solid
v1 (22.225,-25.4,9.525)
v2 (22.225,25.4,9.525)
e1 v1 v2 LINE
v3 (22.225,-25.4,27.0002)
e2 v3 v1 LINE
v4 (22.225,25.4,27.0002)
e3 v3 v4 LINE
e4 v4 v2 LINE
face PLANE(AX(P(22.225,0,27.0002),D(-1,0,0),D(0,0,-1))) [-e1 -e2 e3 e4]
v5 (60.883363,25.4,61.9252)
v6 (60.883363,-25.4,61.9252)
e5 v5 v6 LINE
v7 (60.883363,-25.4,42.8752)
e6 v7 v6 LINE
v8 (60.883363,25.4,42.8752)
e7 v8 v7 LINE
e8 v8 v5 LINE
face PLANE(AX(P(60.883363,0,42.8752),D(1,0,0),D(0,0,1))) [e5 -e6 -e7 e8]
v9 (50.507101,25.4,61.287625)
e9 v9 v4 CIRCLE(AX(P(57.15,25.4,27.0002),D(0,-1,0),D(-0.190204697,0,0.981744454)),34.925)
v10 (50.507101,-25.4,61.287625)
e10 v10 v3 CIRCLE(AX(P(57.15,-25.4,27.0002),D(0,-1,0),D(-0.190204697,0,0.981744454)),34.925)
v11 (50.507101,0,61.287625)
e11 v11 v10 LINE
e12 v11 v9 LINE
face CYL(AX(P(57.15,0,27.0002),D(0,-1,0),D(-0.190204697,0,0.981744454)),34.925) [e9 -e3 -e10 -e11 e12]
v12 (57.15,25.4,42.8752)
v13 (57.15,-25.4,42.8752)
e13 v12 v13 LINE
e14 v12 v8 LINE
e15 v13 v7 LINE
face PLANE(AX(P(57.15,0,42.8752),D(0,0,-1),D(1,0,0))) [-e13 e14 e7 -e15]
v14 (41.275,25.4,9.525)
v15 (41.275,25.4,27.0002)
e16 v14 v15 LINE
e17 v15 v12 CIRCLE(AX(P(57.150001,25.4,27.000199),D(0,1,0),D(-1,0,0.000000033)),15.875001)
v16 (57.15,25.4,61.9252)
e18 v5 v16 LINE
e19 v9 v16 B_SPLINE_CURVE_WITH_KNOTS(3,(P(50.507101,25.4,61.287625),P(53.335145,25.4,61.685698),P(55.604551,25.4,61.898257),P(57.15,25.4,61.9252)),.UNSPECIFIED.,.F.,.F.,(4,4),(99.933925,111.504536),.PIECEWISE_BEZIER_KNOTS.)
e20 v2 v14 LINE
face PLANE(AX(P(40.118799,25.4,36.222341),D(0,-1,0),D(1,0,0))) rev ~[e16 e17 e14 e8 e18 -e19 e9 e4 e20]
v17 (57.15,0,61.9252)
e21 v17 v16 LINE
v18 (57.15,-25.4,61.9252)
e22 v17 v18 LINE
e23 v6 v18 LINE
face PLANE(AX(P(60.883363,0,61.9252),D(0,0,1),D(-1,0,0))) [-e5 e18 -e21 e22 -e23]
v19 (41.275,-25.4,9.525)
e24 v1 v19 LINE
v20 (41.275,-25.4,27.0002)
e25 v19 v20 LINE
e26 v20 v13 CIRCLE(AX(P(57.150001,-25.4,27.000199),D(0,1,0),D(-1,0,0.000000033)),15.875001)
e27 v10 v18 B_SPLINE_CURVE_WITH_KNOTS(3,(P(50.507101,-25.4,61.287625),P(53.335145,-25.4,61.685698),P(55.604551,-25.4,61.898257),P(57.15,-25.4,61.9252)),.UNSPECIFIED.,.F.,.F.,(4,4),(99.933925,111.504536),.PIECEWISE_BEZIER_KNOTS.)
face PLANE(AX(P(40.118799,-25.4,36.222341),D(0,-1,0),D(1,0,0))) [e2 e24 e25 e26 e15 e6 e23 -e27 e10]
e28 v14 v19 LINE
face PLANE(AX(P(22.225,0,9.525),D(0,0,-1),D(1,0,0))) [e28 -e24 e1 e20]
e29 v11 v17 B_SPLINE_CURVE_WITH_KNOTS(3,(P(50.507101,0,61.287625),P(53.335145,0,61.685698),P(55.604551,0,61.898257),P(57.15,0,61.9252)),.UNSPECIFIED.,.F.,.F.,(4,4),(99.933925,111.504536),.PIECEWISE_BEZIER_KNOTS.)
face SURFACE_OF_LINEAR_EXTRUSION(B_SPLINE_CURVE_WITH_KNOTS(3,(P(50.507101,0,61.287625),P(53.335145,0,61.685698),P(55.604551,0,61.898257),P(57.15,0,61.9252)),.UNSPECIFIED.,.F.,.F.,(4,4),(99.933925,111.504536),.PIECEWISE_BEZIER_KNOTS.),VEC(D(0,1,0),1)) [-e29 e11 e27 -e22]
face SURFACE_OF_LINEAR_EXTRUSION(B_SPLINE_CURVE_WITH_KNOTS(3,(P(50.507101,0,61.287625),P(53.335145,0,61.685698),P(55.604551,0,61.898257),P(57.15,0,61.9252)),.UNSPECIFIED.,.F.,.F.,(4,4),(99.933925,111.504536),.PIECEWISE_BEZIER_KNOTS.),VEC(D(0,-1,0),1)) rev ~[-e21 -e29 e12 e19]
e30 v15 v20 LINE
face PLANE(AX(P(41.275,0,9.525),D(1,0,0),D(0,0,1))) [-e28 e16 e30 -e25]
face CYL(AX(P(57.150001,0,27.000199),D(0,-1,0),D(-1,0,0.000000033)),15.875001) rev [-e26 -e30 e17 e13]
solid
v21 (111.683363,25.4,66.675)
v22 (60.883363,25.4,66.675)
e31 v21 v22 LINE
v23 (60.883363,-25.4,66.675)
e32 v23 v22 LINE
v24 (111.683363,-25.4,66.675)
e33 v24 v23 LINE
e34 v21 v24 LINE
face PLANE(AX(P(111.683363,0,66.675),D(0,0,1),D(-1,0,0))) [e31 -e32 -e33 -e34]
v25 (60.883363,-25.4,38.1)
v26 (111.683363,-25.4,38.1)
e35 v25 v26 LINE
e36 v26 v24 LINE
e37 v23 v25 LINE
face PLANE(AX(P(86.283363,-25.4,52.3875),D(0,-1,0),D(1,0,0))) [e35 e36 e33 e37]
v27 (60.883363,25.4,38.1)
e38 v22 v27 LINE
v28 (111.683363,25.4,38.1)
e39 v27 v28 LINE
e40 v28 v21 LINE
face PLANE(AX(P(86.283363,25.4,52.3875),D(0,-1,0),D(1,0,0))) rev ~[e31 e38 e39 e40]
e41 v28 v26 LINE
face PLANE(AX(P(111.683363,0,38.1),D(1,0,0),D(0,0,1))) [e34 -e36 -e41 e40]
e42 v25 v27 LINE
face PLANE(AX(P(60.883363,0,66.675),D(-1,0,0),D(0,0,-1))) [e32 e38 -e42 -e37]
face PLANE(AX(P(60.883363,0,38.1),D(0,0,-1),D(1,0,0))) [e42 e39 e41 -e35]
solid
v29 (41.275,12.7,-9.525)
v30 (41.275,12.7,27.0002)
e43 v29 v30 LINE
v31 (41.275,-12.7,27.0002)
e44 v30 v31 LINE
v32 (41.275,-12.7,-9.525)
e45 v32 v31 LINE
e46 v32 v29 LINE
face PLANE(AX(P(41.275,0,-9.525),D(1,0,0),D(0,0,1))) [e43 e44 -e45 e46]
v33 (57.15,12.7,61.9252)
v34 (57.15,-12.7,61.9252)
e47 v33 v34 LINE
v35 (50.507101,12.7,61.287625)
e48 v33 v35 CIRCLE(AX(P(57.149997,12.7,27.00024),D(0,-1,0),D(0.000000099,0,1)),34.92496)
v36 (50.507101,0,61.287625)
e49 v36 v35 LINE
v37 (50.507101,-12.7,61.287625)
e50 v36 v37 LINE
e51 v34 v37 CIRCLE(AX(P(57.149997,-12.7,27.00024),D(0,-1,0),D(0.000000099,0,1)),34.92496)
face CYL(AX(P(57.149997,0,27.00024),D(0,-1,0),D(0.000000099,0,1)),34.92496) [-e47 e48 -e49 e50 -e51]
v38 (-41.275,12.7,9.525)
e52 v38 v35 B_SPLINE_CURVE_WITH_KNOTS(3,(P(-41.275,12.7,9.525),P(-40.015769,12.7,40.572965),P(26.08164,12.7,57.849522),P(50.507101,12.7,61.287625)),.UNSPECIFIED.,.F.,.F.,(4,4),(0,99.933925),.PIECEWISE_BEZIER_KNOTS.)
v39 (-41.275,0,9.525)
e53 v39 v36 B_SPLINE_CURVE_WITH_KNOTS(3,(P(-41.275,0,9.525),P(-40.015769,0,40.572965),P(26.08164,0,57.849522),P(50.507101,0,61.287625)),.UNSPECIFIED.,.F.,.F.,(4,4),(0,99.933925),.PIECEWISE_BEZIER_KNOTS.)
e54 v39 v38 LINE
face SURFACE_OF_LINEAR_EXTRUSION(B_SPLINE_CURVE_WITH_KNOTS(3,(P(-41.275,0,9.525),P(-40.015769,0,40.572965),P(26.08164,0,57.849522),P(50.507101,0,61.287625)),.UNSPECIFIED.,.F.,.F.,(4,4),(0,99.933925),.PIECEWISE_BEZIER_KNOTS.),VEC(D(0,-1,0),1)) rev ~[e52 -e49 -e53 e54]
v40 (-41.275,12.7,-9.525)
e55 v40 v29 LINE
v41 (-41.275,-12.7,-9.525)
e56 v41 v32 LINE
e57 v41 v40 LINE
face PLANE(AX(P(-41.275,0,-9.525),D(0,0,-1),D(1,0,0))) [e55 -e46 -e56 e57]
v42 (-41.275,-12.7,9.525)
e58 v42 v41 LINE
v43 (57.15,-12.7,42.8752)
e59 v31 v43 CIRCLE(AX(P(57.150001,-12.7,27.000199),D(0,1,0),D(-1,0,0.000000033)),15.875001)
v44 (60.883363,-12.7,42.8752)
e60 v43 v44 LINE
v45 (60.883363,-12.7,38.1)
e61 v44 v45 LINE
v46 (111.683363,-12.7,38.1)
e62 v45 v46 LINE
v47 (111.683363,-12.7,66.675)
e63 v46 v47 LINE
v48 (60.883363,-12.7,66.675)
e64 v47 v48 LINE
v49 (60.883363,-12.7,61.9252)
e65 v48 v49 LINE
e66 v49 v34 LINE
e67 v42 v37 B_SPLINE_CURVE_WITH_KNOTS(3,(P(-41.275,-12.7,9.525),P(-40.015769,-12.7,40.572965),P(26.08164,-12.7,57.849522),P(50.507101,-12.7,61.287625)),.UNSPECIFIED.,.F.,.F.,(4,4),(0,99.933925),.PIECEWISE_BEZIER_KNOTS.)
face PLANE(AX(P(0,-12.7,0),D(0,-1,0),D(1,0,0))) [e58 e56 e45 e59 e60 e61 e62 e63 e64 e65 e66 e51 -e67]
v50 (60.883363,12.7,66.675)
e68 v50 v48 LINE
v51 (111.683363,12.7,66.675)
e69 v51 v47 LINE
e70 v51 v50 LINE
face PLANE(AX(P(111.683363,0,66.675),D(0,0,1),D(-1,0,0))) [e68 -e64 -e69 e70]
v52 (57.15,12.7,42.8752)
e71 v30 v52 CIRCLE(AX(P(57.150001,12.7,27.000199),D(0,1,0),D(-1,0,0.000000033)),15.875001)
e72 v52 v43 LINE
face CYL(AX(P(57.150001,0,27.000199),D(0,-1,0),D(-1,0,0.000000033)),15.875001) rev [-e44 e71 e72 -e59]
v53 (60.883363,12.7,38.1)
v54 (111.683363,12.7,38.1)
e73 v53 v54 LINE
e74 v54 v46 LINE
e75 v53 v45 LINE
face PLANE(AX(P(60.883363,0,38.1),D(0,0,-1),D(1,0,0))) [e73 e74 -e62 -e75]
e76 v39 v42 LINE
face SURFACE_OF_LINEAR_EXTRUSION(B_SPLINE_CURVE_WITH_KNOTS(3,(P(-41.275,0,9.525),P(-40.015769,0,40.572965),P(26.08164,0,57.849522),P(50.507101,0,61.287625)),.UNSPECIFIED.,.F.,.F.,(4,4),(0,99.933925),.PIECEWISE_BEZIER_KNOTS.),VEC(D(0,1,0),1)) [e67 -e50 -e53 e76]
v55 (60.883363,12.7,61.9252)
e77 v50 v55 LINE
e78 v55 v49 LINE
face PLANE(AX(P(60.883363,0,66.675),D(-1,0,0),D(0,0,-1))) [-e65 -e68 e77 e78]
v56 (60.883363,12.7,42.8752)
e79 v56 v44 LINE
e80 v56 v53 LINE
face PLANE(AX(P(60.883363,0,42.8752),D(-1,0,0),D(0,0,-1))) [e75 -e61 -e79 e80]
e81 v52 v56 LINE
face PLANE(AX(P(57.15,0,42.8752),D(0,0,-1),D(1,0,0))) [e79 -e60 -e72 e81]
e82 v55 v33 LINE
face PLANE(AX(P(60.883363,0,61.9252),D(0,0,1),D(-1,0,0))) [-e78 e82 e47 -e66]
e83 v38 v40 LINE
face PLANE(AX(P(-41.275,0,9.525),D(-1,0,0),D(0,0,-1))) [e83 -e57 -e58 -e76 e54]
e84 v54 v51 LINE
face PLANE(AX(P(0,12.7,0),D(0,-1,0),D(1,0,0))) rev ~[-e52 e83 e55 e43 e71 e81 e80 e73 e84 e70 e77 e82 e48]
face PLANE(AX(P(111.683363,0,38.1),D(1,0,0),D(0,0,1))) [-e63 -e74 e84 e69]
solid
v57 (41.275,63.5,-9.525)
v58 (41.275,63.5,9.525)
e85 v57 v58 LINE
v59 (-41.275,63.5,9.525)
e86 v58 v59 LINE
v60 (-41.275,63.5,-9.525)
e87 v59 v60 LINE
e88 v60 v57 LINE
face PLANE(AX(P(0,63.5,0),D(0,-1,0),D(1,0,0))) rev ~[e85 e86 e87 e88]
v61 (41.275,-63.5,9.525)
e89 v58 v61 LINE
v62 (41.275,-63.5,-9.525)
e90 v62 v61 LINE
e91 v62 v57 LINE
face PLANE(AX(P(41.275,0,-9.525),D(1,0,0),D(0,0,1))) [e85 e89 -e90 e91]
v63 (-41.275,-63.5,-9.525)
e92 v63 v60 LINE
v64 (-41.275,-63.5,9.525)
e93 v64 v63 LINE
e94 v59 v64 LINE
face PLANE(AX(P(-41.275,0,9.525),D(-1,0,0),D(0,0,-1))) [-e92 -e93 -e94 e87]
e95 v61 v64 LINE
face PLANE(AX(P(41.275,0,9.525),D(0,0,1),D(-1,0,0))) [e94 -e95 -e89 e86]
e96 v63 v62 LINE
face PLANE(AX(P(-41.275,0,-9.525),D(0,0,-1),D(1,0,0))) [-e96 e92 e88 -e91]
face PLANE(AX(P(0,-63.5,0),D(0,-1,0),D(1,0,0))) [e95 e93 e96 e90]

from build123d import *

# Parameters (mm, degrees)
F1_DEPTH = 63.5
F2_DEPTH = 25.4
F3_DEPTH = 12.7
F4_DEPTH = 25.4


with BuildPart() as f1:
    # F0 (on Front) → F1 (new body, symmetric)
    with BuildSketch(Plane.XZ):
        Polygon((41.275, -9.525), (41.275, 9.525), (22.225, 9.525), (-41.275, 9.525), (-41.275, -9.525), align=None)
    extrude(amount=F1_DEPTH, both=True)


with BuildPart() as f2:
    # F0 (on Front) → F2 (new body, symmetric)
    with BuildSketch(Plane.XZ):
        Polygon((60.883363, 61.9252), (60.883363, 42.8752), (60.883363, 38.1), (111.683363, 38.1), (111.683363, 66.675), (60.883363, 66.675), align=None)
    extrude(amount=F2_DEPTH, both=True)


with BuildPart() as f3:
    # F0 (on Front) → F3 (new body, symmetric)
    with BuildSketch(Plane.XZ):
        Polygon((41.275, -9.525), (41.275, 9.525), (22.225, 9.525), (-41.275, 9.525), (-41.275, -9.525), align=None)
        with BuildLine():
            Line((22.225, 9.525), (41.275, 9.525))
            Line((41.275, 9.525), (41.275, 27.0002))
            ThreePointArc((41.275, 27.0002), (45.92468, 38.22552), (57.15, 42.8752))
            Line((57.15, 42.8752), (60.883363, 42.8752))
            Line((60.883363, 42.8752), (60.883363, 61.9252))
            Line((60.883363, 61.9252), (57.15, 61.9252))
            add(Edge.make_bspline(
                [(50.507101, 61.287625), (53.335145, 61.685698), (55.604551, 61.898257), (57.15, 61.9252)],
                knots=[99.933925, 99.933925, 99.933925, 99.933925, 111.504536, 111.504536, 111.504536, 111.504536], degree=3))
            ThreePointArc((50.507101, 61.287625), (30.20785, 49.223525), (22.225, 27.0002))
            Line((22.225, 27.0002), (22.225, 9.525))
        make_face()
        with BuildLine():
            Line((-41.275, 9.525), (22.225, 9.525))
            Line((22.225, 9.525), (22.225, 27.0002))
            ThreePointArc((22.225, 27.0002), (30.20785, 49.223525), (50.507101, 61.287625))
            add(Edge.make_bspline(
                [(-41.275, 9.525), (-40.015769, 40.572965), (26.08164, 57.849522), (50.507101, 61.287625)],
                knots=[0, 0, 0, 0, 99.933925, 99.933925, 99.933925, 99.933925], degree=3))
        make_face()
        with BuildLine():
            ThreePointArc((57.15, 61.9252), (53.813287, 61.765441), (50.507101, 61.287625))
            add(Edge.make_bspline(
                [(50.507101, 61.287625), (53.335145, 61.685698), (55.604551, 61.898257), (57.15, 61.9252)],
                knots=[99.933925, 99.933925, 99.933925, 99.933925, 111.504536, 111.504536, 111.504536, 111.504536], degree=3))
        make_face()
        Polygon((60.883363, 61.9252), (60.883363, 42.8752), (60.883363, 38.1), (111.683363, 38.1), (111.683363, 66.675), (60.883363, 66.675), align=None)
    extrude(amount=F3_DEPTH, both=True)


with BuildPart() as f4:
    # F0 (on Front) → F4 (new body, symmetric)
    with BuildSketch(Plane.XZ):
        with BuildLine():
            Line((22.225, 9.525), (41.275, 9.525))
            Line((41.275, 9.525), (41.275, 27.0002))
            ThreePointArc((41.275, 27.0002), (45.92468, 38.22552), (57.15, 42.8752))
            Line((57.15, 42.8752), (60.883363, 42.8752))
            Line((60.883363, 42.8752), (60.883363, 61.9252))
            Line((60.883363, 61.9252), (57.15, 61.9252))
            add(Edge.make_bspline(
                [(50.507101, 61.287625), (53.335145, 61.685698), (55.604551, 61.898257), (57.15, 61.9252)],
                knots=[99.933925, 99.933925, 99.933925, 99.933925, 111.504536, 111.504536, 111.504536, 111.504536], degree=3))
            ThreePointArc((50.507101, 61.287625), (30.20785, 49.223525), (22.225, 27.0002))
            Line((22.225, 27.0002), (22.225, 9.525))
        make_face()
    extrude(amount=F4_DEPTH, both=True)


solid = Compound([f1.part, f2.part, f3.part, f4.part])
